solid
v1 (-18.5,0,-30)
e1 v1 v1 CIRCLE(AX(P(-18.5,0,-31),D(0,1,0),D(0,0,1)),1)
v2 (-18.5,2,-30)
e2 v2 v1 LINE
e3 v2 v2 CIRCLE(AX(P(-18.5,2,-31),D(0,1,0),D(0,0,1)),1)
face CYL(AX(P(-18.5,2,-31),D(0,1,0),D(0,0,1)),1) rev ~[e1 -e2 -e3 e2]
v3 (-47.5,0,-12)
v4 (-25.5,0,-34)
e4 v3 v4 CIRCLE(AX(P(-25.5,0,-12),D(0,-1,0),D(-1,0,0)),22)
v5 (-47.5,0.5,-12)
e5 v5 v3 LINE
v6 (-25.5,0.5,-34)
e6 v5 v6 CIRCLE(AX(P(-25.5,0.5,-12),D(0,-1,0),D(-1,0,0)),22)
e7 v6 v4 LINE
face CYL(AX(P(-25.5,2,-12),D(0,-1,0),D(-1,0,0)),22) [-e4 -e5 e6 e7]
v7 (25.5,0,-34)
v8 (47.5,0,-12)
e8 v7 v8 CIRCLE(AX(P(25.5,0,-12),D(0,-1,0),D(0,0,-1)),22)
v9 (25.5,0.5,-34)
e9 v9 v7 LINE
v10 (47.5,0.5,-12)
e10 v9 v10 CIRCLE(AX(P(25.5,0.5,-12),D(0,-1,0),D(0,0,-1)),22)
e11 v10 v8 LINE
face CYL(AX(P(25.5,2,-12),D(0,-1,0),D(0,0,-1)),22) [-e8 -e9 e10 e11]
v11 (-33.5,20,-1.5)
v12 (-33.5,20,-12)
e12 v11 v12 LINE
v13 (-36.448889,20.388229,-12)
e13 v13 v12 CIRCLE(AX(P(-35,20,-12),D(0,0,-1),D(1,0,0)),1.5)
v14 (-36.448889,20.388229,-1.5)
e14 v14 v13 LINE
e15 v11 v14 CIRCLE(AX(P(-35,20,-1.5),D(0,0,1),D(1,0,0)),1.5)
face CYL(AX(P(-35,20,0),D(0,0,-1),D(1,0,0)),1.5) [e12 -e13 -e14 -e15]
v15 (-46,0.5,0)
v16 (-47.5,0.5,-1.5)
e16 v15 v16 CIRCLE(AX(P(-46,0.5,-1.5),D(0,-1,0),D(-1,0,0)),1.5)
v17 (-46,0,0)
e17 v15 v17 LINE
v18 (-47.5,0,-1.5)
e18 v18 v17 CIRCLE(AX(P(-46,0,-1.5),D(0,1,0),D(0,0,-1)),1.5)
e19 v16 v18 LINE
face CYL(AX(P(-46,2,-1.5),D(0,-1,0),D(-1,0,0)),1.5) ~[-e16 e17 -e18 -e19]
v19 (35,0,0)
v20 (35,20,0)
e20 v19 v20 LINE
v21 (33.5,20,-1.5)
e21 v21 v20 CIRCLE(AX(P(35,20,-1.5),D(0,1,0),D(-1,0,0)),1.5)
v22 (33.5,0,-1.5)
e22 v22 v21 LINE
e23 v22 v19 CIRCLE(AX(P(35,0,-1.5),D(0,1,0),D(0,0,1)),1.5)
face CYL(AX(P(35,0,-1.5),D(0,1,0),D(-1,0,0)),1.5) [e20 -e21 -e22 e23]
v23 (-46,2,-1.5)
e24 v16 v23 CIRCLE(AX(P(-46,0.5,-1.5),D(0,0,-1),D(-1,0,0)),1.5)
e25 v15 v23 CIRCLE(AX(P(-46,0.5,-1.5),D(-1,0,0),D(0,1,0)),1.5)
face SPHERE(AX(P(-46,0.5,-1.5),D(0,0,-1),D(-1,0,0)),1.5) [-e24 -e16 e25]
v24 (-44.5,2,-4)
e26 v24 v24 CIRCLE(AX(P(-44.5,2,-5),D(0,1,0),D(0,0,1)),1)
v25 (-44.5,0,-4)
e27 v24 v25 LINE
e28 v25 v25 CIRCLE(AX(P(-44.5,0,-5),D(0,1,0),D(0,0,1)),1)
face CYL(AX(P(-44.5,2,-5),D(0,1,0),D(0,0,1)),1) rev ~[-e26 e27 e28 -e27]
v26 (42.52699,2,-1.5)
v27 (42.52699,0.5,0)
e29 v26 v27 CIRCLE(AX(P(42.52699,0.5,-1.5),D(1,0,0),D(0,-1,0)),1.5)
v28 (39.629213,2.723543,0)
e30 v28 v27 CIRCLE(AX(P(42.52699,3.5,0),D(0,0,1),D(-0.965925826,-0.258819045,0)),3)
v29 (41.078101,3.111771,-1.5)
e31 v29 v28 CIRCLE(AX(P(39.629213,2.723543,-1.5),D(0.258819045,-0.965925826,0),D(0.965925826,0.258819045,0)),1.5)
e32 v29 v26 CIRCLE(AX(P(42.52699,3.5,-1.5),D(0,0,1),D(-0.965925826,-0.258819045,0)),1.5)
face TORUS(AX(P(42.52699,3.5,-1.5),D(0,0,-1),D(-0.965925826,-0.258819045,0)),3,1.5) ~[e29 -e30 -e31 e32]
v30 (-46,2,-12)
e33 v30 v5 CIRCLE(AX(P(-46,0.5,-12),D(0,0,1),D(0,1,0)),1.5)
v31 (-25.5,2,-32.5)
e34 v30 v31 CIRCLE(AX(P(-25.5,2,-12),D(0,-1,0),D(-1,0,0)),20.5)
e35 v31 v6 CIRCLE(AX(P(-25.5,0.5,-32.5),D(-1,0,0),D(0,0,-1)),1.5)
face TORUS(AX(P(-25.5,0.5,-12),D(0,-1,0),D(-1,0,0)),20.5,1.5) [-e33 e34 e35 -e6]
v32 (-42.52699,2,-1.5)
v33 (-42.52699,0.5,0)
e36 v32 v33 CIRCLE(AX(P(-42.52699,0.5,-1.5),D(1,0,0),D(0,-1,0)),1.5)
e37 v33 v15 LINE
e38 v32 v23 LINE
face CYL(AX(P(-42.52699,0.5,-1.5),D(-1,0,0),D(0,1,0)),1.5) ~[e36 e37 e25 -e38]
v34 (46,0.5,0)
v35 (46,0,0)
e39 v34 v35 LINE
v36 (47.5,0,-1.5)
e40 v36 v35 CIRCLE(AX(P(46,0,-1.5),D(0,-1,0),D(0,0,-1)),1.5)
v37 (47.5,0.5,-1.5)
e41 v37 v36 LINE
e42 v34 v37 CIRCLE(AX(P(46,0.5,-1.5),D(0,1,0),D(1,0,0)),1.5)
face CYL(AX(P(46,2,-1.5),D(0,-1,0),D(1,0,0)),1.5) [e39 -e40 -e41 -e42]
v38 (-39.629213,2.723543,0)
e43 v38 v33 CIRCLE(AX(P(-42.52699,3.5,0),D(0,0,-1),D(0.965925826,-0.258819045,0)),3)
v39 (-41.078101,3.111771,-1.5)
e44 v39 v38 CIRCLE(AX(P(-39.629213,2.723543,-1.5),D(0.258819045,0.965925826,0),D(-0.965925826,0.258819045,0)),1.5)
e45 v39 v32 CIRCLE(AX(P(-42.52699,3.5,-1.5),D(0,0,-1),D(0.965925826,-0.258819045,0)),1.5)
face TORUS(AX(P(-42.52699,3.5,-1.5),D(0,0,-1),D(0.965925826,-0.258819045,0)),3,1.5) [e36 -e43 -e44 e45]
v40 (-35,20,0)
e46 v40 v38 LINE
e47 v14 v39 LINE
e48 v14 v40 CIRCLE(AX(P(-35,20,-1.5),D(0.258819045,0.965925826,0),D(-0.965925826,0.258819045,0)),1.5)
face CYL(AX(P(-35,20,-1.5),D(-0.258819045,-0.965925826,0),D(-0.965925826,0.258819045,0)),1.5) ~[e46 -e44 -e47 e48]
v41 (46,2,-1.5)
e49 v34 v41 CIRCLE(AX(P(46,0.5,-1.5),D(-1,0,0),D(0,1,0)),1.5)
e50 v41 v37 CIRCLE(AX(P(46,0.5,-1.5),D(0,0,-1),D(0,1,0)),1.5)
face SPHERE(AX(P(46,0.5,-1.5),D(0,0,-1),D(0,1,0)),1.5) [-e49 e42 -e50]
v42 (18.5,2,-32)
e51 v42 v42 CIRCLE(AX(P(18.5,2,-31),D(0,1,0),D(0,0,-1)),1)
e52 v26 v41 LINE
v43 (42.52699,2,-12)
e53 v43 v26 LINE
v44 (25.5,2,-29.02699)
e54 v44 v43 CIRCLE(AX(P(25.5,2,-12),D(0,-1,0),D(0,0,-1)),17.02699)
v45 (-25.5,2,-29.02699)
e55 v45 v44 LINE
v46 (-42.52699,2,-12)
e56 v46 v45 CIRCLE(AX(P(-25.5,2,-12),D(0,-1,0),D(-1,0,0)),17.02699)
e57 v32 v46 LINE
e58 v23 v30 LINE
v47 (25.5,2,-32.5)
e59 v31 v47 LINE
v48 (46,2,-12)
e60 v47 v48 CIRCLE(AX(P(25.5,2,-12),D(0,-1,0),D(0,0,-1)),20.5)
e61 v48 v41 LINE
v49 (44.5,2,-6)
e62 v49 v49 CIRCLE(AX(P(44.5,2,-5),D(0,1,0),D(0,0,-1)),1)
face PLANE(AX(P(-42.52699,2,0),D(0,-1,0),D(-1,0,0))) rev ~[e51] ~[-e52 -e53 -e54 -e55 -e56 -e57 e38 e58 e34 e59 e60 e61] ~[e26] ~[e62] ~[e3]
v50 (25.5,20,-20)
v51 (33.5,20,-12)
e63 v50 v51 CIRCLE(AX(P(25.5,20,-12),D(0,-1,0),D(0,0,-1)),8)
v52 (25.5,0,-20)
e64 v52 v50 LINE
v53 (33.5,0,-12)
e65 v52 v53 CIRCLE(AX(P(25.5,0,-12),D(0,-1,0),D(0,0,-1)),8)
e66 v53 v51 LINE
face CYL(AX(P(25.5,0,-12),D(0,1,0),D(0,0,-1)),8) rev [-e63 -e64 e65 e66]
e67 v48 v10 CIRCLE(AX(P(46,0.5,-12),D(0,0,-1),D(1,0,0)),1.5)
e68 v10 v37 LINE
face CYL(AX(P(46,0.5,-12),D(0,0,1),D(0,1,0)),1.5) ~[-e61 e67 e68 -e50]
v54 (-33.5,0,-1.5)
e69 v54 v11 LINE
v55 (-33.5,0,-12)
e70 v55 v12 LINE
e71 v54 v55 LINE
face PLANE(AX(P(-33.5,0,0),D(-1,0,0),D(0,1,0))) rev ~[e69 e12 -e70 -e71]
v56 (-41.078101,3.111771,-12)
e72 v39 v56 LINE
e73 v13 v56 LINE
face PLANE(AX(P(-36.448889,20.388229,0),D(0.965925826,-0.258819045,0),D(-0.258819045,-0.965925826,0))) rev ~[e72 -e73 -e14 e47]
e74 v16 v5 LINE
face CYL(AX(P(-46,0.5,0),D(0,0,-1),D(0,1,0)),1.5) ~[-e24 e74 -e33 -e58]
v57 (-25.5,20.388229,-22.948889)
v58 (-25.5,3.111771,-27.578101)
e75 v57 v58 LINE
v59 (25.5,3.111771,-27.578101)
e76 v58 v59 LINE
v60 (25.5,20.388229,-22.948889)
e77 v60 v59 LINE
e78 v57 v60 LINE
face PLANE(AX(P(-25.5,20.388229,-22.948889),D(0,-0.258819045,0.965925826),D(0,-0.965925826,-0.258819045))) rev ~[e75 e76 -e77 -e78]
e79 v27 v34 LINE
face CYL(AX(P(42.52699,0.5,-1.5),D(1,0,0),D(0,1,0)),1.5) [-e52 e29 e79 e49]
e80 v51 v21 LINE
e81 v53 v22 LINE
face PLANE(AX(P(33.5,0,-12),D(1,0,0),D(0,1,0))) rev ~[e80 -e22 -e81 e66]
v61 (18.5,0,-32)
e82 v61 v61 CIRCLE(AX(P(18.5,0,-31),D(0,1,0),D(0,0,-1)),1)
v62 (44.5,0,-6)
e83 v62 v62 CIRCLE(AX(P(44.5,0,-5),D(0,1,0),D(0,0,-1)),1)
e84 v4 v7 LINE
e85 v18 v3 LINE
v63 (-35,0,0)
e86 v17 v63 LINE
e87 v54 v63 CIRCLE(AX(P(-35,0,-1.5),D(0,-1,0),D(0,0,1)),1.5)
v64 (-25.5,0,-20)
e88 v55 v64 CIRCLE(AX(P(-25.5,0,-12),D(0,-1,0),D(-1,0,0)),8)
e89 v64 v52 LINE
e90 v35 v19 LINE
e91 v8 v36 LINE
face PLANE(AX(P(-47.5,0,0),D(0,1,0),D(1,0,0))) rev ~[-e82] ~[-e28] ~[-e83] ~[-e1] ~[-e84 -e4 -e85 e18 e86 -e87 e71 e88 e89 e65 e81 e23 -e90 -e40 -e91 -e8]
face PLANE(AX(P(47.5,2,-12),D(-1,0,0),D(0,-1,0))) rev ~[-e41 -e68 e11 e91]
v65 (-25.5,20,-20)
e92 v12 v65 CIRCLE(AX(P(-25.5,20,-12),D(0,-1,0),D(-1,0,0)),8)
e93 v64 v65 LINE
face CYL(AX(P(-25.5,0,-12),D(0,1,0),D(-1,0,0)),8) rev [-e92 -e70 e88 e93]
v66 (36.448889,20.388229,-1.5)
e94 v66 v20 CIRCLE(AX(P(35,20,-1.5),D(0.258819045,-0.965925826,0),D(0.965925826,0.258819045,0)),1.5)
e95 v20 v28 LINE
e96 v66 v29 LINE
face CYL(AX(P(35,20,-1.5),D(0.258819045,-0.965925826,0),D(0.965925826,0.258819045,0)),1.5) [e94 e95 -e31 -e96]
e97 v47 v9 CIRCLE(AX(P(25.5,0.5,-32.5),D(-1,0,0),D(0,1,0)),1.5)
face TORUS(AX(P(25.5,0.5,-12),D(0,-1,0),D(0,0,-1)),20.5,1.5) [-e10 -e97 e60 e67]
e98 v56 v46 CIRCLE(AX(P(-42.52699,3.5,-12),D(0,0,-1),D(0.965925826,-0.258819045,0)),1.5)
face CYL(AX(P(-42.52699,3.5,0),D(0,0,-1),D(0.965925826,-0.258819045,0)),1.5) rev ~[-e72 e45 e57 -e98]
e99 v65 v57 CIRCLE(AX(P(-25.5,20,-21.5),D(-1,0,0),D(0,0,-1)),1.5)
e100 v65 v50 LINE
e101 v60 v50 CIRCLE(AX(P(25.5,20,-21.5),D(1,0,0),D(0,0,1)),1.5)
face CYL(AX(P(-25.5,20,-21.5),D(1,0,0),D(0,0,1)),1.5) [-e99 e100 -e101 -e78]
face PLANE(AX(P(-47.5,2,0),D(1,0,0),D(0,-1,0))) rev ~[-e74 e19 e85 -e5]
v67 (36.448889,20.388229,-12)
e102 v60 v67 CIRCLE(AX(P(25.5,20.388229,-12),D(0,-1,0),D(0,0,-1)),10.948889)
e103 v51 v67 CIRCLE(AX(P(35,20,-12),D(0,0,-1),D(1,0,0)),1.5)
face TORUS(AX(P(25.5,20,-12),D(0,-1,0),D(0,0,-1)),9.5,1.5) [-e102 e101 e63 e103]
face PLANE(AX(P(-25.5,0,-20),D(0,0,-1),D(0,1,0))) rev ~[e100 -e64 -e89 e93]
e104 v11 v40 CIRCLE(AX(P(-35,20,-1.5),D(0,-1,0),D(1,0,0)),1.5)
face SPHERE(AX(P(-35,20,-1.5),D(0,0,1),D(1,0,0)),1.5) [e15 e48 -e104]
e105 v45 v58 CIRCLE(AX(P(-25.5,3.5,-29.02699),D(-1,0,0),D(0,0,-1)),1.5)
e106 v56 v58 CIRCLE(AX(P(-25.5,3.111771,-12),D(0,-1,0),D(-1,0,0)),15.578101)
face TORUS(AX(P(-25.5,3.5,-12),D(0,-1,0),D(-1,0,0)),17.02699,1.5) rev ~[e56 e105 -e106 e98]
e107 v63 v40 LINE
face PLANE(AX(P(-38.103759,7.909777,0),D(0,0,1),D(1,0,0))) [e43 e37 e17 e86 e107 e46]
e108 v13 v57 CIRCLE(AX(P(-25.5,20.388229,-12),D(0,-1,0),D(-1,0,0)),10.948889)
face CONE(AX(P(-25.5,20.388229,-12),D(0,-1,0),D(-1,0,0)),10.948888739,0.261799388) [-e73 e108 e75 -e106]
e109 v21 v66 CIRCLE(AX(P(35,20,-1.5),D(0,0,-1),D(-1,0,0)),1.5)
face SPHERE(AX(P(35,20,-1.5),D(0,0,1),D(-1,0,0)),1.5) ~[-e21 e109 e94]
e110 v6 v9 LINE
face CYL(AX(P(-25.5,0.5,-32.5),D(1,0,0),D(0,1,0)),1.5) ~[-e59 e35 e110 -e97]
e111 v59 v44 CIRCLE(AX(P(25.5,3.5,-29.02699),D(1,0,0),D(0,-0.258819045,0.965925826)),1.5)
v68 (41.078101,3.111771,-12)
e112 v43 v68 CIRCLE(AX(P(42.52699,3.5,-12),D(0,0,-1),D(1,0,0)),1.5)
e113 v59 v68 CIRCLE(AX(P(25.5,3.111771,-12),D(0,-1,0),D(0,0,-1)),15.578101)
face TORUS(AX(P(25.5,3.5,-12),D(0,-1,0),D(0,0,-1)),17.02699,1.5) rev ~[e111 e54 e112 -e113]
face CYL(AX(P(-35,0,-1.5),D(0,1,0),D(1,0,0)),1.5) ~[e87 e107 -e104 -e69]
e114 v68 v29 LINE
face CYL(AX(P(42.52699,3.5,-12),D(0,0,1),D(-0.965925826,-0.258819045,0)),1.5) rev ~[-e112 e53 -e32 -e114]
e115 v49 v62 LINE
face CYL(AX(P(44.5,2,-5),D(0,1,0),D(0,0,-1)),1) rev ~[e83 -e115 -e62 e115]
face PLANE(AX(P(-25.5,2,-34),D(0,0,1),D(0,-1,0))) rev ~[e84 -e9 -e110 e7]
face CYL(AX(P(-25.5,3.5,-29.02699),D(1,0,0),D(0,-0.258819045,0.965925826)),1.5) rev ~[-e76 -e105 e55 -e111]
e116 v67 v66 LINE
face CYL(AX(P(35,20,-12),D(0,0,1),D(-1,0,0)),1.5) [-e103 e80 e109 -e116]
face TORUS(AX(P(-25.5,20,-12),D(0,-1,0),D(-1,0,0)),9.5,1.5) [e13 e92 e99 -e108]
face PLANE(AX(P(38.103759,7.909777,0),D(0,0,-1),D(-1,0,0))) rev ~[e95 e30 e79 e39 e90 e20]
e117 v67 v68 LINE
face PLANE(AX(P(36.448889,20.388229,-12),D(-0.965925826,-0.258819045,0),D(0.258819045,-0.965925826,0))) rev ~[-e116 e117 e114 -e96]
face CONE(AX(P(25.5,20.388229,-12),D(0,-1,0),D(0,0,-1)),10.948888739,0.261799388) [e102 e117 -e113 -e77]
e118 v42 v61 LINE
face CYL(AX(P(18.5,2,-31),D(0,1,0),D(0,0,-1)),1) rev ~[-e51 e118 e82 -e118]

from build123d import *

# Parameters (mm, degrees)
CONG_1_R                = 1.5
ESQUISSE3_R             = 0.9999999999999981
ESQUISSE3_R_2           = 1.0000000000000007
ENL_V_MAT_EXTRU_1_DEPTH = 62.583276982473095


with BuildPart() as part:
    # Balayage1: sweep along a path in Esquisse1
    with BuildLine(Plane(origin=(0, 0, 0), x_dir=(1, 0, 0), z_dir=(0, 1, 0))) as balayage1_path:
        Line((-33.5, 0), (-33.5, 11.999999999999943))
        ThreePointArc((-33.5, 11.999999999999943), (-31.156854249492383, 17.656854249492376), (-25.499999999999947, 20))
        Line((-25.499999999999947, 20), (25.499999999999947, 20))
        ThreePointArc((25.499999999999947, 20), (31.156854249492383, 17.65685424949238), (33.5, 11.999999999999943))
        Line((33.5, 11.999999999999943), (33.5, 0))
    # Esquisse2 → Balayage1 (sweep)
    with BuildSketch(Plane.XY):
        with BuildLine():
            Line((-33.5, 0), (-33.5, 20))
            ThreePointArc((-33.5, 20), (-34.804210711669924, 21.487167292060715), (-36.448888739433606, 20.388228567653773))
            Line((-36.448888739433606, 20.388228567653773), (-41.07810147691004, 3.111771432346228))
            ThreePointArc((-41.07810147691004, 3.111771432346228), (-41.613848072830564, 2.3099699895631494), (-42.52699021634365, 2))
            Line((-42.52699021634365, 2), (-47.5, 2))
            Line((-47.5, 2), (-47.5, 0))
            Line((-47.5, 0), (-33.5, 0))
        make_face()
    sweep(path=balayage1_path.line)

    # Congé1
    cong_1_edges = [part.edges().sort_by_distance(p)[0] for p in [
        (-47.5, 2, -5.999999999999972),
        (-41.056349186103986, 2, -27.556349186104107),
        (1.8119e-13, 2, -33.999999999999666),
        (41.05634918610424, 2, -27.556349186103848),
        (33.5, 10, 0),
        (34.80421071166993, 21.487167292060715, 4.086e-14),
        (38.7634951081718, 11.750000000000082, 1.4287e-13),
        (41.613848072830564, 2.3099699895631502, 2.4514e-13),
        (45.0134951081715, 2, 3.1274e-13),
        (47.5, 1, 3.8014e-13),
        (47.49999999999984, 2, -5.999999999999591),
        (-47.5, 1, 0),
        (-45.013495108171824, 2, 0),
        (-41.613848072830564, 2.3099699895631502, 0),
        (-38.763495108171824, 11.75, 0),
        (-34.80421071166993, 21.487167292060715, 0),
        (-33.5, 10, 0),
    ]]
    fillet(cong_1_edges, radius=CONG_1_R)

    # Esquisse3 → Enlèv. mat.-Extru.1 (cut, through all)
    with BuildSketch(Plane(origin=(0, 2, 0), x_dir=(1, 0, 0), z_dir=(0, 1, 0))):
        with Locations(Location((-44.5, 5, 0), (0, 0, 270))):
            Circle(ESQUISSE3_R)
        with Locations(Location((-18.5, 31.000000000000004, 0), (0, 0, 270))):
            Circle(ESQUISSE3_R_2)
        with Locations(Location((44.5, 5, 0), (0, 0, 90))):
            Circle(ESQUISSE3_R)
        with Locations(Location((18.5, 31.000000000000004, 0), (0, 0, 90))):
            Circle(ESQUISSE3_R_2)
    extrude(amount=-ENL_V_MAT_EXTRU_1_DEPTH, mode=Mode.SUBTRACT)


solid = part.part
